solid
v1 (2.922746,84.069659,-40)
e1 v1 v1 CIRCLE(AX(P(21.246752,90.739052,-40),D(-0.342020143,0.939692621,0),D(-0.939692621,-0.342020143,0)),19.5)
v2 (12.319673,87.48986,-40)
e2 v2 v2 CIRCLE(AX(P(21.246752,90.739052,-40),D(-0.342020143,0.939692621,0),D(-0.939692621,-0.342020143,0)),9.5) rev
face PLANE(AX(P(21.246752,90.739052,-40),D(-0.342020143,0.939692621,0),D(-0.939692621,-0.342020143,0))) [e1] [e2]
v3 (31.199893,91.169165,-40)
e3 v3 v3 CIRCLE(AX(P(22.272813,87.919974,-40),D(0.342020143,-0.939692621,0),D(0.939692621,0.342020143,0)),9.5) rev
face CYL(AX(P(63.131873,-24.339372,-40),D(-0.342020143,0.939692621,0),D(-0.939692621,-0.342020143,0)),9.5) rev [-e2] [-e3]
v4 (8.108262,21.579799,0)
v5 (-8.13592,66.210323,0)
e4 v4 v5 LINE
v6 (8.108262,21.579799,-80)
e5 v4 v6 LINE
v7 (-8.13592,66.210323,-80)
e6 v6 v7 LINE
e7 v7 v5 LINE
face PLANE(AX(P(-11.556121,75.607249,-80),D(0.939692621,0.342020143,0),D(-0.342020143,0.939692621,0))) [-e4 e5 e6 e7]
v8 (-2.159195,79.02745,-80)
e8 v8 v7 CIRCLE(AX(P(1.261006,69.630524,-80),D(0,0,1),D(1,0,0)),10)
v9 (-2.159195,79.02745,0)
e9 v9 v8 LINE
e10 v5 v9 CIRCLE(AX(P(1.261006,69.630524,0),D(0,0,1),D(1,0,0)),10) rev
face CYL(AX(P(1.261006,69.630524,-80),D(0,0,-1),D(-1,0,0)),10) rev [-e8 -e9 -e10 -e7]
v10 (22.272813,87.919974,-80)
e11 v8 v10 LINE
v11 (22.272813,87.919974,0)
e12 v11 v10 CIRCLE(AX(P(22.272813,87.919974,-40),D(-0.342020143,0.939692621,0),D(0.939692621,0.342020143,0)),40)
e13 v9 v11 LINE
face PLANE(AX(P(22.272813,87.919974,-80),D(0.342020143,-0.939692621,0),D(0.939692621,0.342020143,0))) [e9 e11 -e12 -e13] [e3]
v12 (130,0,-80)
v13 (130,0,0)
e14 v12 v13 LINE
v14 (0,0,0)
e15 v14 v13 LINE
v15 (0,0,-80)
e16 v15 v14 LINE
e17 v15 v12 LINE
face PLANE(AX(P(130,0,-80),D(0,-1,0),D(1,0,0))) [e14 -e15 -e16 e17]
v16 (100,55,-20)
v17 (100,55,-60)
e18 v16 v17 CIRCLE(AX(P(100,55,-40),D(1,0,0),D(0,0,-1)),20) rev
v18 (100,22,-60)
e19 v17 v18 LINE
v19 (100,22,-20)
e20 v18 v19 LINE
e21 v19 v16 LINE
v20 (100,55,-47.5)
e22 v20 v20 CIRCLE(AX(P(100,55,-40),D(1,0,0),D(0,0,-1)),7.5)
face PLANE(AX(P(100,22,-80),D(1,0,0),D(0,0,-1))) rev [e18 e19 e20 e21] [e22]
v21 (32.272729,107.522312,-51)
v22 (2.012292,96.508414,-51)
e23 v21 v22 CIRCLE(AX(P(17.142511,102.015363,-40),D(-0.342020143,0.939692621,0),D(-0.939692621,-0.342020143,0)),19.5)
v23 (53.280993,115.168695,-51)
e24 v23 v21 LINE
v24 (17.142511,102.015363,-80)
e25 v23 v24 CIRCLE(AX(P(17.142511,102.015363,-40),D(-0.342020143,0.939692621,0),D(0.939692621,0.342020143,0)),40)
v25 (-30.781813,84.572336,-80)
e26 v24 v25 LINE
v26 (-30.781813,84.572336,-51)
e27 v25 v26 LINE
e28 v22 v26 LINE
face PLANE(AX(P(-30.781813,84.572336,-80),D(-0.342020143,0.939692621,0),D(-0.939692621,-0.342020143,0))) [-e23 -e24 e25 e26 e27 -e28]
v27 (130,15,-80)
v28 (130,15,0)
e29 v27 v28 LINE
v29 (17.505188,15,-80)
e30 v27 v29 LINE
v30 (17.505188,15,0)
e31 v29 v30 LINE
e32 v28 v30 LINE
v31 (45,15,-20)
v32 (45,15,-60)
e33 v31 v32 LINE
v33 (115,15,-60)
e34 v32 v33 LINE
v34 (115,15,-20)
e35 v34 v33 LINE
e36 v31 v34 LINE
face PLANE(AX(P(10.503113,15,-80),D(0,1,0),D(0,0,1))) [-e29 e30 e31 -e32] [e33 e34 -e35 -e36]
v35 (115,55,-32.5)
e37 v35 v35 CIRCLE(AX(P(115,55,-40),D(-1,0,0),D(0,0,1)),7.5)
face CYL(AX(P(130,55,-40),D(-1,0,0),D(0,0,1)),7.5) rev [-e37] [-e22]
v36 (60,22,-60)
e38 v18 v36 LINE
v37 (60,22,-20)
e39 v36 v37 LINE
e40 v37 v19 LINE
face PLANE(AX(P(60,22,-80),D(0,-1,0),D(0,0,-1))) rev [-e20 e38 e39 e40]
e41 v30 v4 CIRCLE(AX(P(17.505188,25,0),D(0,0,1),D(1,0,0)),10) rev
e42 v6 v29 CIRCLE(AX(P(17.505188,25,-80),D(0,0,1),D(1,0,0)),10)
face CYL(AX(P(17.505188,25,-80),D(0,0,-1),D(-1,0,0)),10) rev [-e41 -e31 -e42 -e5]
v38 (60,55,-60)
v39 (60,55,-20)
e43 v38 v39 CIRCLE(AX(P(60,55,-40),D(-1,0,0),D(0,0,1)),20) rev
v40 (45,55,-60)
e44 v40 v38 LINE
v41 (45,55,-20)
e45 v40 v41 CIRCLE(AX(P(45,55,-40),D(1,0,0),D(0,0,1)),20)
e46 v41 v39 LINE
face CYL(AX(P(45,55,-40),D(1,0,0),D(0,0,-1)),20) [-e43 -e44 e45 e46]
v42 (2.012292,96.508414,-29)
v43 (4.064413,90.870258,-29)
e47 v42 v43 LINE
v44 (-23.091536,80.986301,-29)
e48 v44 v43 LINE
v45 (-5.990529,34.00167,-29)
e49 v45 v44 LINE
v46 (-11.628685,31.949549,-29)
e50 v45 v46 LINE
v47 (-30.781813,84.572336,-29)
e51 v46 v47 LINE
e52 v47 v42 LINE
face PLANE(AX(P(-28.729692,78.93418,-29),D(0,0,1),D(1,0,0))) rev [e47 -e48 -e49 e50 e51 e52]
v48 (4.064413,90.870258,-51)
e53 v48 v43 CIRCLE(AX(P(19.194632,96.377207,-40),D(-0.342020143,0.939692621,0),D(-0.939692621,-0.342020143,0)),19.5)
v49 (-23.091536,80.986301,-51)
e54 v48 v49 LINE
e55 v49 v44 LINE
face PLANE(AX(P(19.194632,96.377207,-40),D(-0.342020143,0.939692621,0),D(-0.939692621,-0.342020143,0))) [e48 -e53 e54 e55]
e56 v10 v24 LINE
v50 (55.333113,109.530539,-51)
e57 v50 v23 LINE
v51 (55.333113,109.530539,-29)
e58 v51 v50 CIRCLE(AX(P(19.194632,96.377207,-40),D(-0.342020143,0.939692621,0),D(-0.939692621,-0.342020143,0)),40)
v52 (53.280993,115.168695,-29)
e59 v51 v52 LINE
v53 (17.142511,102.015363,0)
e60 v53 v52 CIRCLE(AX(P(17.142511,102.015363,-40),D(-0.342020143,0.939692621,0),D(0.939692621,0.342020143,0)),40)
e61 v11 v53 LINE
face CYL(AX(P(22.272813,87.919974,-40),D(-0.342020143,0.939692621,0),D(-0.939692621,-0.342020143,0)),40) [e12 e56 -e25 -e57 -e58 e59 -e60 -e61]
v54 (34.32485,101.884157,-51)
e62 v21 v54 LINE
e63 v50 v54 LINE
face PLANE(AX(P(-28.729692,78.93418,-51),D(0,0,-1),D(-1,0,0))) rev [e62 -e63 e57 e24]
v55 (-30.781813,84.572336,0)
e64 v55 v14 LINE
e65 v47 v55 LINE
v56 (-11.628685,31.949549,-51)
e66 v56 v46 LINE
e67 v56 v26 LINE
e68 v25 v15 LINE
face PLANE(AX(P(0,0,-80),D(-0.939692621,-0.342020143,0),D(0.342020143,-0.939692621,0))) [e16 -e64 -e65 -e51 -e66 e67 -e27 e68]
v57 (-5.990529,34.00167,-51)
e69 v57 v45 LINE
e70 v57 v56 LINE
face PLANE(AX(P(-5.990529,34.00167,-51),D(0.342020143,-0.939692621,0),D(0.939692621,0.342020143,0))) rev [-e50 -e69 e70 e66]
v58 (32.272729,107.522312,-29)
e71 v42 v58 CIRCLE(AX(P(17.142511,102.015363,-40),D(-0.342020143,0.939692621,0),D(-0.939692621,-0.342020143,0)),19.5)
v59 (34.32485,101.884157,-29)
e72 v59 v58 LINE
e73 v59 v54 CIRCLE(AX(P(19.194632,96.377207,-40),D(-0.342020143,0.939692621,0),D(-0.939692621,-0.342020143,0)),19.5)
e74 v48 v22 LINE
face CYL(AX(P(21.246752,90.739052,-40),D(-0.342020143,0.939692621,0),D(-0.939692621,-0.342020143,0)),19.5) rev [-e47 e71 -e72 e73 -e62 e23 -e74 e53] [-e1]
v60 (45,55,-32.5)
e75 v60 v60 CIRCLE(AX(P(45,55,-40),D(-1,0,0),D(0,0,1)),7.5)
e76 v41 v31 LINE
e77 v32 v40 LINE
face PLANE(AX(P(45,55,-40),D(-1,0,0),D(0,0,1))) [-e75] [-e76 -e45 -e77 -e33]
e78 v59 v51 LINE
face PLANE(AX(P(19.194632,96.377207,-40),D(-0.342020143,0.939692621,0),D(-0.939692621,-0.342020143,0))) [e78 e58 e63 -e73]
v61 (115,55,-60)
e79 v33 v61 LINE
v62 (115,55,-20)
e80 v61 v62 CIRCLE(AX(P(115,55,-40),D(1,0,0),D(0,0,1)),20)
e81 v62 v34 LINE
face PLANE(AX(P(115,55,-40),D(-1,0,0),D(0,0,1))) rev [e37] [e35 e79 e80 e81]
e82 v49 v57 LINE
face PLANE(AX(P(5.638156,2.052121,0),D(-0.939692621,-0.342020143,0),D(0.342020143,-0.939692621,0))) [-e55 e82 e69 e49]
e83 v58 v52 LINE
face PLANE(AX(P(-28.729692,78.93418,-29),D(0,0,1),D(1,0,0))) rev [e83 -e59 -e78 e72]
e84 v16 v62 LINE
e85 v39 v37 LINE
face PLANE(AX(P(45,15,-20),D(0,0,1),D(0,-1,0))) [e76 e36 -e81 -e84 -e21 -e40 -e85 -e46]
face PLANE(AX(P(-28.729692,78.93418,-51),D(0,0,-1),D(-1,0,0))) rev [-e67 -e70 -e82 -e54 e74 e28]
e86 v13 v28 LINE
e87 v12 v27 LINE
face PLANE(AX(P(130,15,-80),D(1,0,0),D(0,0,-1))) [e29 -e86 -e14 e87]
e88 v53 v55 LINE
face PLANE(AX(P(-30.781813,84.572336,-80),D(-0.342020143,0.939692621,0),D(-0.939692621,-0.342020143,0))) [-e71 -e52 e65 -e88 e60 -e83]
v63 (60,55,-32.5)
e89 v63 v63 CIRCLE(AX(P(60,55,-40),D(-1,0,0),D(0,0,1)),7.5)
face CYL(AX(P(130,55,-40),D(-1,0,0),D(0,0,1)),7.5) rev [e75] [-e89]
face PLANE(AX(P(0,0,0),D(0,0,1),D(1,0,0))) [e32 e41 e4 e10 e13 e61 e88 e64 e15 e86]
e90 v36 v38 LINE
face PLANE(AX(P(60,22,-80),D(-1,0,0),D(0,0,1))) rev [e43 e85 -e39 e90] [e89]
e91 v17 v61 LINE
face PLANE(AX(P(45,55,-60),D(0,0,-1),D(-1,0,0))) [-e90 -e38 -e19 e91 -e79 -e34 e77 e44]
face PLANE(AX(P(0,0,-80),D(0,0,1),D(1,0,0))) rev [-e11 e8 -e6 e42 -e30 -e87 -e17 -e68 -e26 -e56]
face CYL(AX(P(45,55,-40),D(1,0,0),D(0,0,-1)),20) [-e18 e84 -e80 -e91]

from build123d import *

# Parameters (mm, degrees)
BOSS_EXTRU_1_DEPTH      = 80
BOSS_EXTRU_2_DEPTH      = 15
ENL_V_MAT_EXTRU_1_REACH = 200.503
ESQUISSE3_R             = 9.5
ENL_V_MAT_EXTRU_2_DEPTH = 6
ESQUISSE5_R             = 19.5
ENL_V_MAT_EXTRU_3_DEPTH = 12
ESQUISSE6_W             = 22
ESQUISSE6_H             = 56
ENL_V_MAT_EXTRU_4_DEPTH = 6
BOSS_EXTRU_3_DEPTH      = 70
ESQUISSE9_W             = 40
ESQUISSE9_H             = 53
ENL_V_MAT_EXTRU_5_DEPTH = 184.749362655
ESQUISSE10_R            = 7.5
ENL_V_MAT_EXTRU_6_DEPTH = 164.97813353
CONG_1_R                = 10


with BuildPart() as part:
    # Esquisse1 → Boss.-Extru.1 (new body)
    with BuildSketch(Plane.XY):
        Polygon((0, 0), (-30.781812899, 84.572335871), (17.142510761, 102.01536318), (22.272812911, 87.919973869), (-11.556121438, 75.607248709), (10.503113073, 15), (130, 15), (130, 0), align=None)
    extrude(amount=-BOSS_EXTRU_1_DEPTH)

    # Esquisse2 → Boss.-Extru.2 (add)
    with BuildSketch(Plane(origin=(-30.781812899, 84.572335871, 0), x_dir=(0.9396926207859094, 0.3420201433256664, 0), z_dir=(-0.3420201433256664, 0.9396926207859094, 0))):
        with BuildLine():
            Line((51, 80), (51, 0))
            ThreePointArc((51, 0), (91, 40), (51, 80))
        make_face()
    extrude(amount=-BOSS_EXTRU_2_DEPTH)

    # Esquisse3 → Enlèv. mat.-Extru.1 (cut, up to next)
    with BuildSketch(Plane(origin=(-30.781812899, 84.572335871, 0), x_dir=(0.9396926207859094, 0.3420201433256664, 0), z_dir=(-0.3420201433256664, 0.9396926207859094, 0)), mode=Mode.PRIVATE) as enl_v_mat_extru_1_sk1:
        with Locations(Location((51, 40, 0), (0, 0, 180))):
            Circle(ESQUISSE3_R)
    enl_v_mat_extru_1_tool1 = extrude(enl_v_mat_extru_1_sk1.sketch, amount=-ENL_V_MAT_EXTRU_1_REACH, mode=Mode.PRIVATE) & part.part
    add(enl_v_mat_extru_1_tool1.solids().sort_by_distance((17.142511, 102.015363, -40))[0], mode=Mode.SUBTRACT)

    # Esquisse4 → Enlèv. mat.-Extru.2 (cut)
    with BuildSketch(Plane(origin=(-30.781812899, 84.572335871, 0), x_dir=(0.9396926207859094, 0.3420201433256664, 0), z_dir=(-0.3420201433256664, 0.9396926207859094, 0))):
        with BuildLine():
            Line((0, 51), (89.457769046, 51))
            ThreePointArc((89.457769046, 51), (91, 40), (89.457769046, 29))
            Line((89.457769046, 29), (0, 29))
            Line((0, 29), (0, 51))
        make_face()
    extrude(amount=-ENL_V_MAT_EXTRU_2_DEPTH, mode=Mode.SUBTRACT)

    # Esquisse5 → Enlèv. mat.-Extru.3 (cut)
    with BuildSketch(Plane(origin=(-30.781812899, 84.572335871, 0), x_dir=(0.9396926207859094, 0.3420201433256664, 0), z_dir=(-0.3420201433256664, 0.9396926207859094, 0))):
        with Locations(Location((51, 40, 0), (0, 0, 180))):
            Circle(ESQUISSE5_R)
    extrude(amount=-ENL_V_MAT_EXTRU_3_DEPTH, mode=Mode.SUBTRACT)

    # Esquisse6 → Enlèv. mat.-Extru.4 (cut)
    with BuildSketch(Plane(origin=(0, 0, 0), x_dir=(0, 0, 1), z_dir=(-0.9396926207859094, -0.34202014332566627, 0))):
        with Locations((-40, 62)):
            Rectangle(ESQUISSE6_W, ESQUISSE6_H)
    extrude(amount=-ENL_V_MAT_EXTRU_4_DEPTH, mode=Mode.SUBTRACT)

    # Esquisse8 → Boss.-Extru.3 (add)
    with BuildSketch(Plane(origin=(115, 0, 0), x_dir=(0, 0, -1), z_dir=(1, 0, 0))):
        with BuildLine():
            Line((20, 15), (20, 55))
            ThreePointArc((20, 55), (40, 75), (60, 55))
            Line((60, 55), (60, 15))
            Line((60, 15), (20, 15))
        make_face()
    extrude(amount=-BOSS_EXTRU_3_DEPTH)

    # Esquisse9 → Enlèv. mat.-Extru.5 (cut, through all)
    with BuildSketch(Plane.XY.offset(-20)):
        with Locations((80, 48.5)):
            Rectangle(ESQUISSE9_W, ESQUISSE9_H)
    extrude(amount=-ENL_V_MAT_EXTRU_5_DEPTH, mode=Mode.SUBTRACT)

    # Esquisse10 → Enlèv. mat.-Extru.6 (cut, through all)
    with BuildSketch(Plane.ZY.offset(-45)):
        with Locations((-40, 55)):
            Circle(ESQUISSE10_R)
    extrude(amount=-ENL_V_MAT_EXTRU_6_DEPTH, mode=Mode.SUBTRACT)

    # Congé1
    cong_1_edges = [part.edges().sort_by_distance(p)[0] for p in [
        (-11.556121438, 75.607248709, -40),
        (10.503113073, 15, -40),
    ]]
    fillet(cong_1_edges, radius=CONG_1_R)


solid = part.part
